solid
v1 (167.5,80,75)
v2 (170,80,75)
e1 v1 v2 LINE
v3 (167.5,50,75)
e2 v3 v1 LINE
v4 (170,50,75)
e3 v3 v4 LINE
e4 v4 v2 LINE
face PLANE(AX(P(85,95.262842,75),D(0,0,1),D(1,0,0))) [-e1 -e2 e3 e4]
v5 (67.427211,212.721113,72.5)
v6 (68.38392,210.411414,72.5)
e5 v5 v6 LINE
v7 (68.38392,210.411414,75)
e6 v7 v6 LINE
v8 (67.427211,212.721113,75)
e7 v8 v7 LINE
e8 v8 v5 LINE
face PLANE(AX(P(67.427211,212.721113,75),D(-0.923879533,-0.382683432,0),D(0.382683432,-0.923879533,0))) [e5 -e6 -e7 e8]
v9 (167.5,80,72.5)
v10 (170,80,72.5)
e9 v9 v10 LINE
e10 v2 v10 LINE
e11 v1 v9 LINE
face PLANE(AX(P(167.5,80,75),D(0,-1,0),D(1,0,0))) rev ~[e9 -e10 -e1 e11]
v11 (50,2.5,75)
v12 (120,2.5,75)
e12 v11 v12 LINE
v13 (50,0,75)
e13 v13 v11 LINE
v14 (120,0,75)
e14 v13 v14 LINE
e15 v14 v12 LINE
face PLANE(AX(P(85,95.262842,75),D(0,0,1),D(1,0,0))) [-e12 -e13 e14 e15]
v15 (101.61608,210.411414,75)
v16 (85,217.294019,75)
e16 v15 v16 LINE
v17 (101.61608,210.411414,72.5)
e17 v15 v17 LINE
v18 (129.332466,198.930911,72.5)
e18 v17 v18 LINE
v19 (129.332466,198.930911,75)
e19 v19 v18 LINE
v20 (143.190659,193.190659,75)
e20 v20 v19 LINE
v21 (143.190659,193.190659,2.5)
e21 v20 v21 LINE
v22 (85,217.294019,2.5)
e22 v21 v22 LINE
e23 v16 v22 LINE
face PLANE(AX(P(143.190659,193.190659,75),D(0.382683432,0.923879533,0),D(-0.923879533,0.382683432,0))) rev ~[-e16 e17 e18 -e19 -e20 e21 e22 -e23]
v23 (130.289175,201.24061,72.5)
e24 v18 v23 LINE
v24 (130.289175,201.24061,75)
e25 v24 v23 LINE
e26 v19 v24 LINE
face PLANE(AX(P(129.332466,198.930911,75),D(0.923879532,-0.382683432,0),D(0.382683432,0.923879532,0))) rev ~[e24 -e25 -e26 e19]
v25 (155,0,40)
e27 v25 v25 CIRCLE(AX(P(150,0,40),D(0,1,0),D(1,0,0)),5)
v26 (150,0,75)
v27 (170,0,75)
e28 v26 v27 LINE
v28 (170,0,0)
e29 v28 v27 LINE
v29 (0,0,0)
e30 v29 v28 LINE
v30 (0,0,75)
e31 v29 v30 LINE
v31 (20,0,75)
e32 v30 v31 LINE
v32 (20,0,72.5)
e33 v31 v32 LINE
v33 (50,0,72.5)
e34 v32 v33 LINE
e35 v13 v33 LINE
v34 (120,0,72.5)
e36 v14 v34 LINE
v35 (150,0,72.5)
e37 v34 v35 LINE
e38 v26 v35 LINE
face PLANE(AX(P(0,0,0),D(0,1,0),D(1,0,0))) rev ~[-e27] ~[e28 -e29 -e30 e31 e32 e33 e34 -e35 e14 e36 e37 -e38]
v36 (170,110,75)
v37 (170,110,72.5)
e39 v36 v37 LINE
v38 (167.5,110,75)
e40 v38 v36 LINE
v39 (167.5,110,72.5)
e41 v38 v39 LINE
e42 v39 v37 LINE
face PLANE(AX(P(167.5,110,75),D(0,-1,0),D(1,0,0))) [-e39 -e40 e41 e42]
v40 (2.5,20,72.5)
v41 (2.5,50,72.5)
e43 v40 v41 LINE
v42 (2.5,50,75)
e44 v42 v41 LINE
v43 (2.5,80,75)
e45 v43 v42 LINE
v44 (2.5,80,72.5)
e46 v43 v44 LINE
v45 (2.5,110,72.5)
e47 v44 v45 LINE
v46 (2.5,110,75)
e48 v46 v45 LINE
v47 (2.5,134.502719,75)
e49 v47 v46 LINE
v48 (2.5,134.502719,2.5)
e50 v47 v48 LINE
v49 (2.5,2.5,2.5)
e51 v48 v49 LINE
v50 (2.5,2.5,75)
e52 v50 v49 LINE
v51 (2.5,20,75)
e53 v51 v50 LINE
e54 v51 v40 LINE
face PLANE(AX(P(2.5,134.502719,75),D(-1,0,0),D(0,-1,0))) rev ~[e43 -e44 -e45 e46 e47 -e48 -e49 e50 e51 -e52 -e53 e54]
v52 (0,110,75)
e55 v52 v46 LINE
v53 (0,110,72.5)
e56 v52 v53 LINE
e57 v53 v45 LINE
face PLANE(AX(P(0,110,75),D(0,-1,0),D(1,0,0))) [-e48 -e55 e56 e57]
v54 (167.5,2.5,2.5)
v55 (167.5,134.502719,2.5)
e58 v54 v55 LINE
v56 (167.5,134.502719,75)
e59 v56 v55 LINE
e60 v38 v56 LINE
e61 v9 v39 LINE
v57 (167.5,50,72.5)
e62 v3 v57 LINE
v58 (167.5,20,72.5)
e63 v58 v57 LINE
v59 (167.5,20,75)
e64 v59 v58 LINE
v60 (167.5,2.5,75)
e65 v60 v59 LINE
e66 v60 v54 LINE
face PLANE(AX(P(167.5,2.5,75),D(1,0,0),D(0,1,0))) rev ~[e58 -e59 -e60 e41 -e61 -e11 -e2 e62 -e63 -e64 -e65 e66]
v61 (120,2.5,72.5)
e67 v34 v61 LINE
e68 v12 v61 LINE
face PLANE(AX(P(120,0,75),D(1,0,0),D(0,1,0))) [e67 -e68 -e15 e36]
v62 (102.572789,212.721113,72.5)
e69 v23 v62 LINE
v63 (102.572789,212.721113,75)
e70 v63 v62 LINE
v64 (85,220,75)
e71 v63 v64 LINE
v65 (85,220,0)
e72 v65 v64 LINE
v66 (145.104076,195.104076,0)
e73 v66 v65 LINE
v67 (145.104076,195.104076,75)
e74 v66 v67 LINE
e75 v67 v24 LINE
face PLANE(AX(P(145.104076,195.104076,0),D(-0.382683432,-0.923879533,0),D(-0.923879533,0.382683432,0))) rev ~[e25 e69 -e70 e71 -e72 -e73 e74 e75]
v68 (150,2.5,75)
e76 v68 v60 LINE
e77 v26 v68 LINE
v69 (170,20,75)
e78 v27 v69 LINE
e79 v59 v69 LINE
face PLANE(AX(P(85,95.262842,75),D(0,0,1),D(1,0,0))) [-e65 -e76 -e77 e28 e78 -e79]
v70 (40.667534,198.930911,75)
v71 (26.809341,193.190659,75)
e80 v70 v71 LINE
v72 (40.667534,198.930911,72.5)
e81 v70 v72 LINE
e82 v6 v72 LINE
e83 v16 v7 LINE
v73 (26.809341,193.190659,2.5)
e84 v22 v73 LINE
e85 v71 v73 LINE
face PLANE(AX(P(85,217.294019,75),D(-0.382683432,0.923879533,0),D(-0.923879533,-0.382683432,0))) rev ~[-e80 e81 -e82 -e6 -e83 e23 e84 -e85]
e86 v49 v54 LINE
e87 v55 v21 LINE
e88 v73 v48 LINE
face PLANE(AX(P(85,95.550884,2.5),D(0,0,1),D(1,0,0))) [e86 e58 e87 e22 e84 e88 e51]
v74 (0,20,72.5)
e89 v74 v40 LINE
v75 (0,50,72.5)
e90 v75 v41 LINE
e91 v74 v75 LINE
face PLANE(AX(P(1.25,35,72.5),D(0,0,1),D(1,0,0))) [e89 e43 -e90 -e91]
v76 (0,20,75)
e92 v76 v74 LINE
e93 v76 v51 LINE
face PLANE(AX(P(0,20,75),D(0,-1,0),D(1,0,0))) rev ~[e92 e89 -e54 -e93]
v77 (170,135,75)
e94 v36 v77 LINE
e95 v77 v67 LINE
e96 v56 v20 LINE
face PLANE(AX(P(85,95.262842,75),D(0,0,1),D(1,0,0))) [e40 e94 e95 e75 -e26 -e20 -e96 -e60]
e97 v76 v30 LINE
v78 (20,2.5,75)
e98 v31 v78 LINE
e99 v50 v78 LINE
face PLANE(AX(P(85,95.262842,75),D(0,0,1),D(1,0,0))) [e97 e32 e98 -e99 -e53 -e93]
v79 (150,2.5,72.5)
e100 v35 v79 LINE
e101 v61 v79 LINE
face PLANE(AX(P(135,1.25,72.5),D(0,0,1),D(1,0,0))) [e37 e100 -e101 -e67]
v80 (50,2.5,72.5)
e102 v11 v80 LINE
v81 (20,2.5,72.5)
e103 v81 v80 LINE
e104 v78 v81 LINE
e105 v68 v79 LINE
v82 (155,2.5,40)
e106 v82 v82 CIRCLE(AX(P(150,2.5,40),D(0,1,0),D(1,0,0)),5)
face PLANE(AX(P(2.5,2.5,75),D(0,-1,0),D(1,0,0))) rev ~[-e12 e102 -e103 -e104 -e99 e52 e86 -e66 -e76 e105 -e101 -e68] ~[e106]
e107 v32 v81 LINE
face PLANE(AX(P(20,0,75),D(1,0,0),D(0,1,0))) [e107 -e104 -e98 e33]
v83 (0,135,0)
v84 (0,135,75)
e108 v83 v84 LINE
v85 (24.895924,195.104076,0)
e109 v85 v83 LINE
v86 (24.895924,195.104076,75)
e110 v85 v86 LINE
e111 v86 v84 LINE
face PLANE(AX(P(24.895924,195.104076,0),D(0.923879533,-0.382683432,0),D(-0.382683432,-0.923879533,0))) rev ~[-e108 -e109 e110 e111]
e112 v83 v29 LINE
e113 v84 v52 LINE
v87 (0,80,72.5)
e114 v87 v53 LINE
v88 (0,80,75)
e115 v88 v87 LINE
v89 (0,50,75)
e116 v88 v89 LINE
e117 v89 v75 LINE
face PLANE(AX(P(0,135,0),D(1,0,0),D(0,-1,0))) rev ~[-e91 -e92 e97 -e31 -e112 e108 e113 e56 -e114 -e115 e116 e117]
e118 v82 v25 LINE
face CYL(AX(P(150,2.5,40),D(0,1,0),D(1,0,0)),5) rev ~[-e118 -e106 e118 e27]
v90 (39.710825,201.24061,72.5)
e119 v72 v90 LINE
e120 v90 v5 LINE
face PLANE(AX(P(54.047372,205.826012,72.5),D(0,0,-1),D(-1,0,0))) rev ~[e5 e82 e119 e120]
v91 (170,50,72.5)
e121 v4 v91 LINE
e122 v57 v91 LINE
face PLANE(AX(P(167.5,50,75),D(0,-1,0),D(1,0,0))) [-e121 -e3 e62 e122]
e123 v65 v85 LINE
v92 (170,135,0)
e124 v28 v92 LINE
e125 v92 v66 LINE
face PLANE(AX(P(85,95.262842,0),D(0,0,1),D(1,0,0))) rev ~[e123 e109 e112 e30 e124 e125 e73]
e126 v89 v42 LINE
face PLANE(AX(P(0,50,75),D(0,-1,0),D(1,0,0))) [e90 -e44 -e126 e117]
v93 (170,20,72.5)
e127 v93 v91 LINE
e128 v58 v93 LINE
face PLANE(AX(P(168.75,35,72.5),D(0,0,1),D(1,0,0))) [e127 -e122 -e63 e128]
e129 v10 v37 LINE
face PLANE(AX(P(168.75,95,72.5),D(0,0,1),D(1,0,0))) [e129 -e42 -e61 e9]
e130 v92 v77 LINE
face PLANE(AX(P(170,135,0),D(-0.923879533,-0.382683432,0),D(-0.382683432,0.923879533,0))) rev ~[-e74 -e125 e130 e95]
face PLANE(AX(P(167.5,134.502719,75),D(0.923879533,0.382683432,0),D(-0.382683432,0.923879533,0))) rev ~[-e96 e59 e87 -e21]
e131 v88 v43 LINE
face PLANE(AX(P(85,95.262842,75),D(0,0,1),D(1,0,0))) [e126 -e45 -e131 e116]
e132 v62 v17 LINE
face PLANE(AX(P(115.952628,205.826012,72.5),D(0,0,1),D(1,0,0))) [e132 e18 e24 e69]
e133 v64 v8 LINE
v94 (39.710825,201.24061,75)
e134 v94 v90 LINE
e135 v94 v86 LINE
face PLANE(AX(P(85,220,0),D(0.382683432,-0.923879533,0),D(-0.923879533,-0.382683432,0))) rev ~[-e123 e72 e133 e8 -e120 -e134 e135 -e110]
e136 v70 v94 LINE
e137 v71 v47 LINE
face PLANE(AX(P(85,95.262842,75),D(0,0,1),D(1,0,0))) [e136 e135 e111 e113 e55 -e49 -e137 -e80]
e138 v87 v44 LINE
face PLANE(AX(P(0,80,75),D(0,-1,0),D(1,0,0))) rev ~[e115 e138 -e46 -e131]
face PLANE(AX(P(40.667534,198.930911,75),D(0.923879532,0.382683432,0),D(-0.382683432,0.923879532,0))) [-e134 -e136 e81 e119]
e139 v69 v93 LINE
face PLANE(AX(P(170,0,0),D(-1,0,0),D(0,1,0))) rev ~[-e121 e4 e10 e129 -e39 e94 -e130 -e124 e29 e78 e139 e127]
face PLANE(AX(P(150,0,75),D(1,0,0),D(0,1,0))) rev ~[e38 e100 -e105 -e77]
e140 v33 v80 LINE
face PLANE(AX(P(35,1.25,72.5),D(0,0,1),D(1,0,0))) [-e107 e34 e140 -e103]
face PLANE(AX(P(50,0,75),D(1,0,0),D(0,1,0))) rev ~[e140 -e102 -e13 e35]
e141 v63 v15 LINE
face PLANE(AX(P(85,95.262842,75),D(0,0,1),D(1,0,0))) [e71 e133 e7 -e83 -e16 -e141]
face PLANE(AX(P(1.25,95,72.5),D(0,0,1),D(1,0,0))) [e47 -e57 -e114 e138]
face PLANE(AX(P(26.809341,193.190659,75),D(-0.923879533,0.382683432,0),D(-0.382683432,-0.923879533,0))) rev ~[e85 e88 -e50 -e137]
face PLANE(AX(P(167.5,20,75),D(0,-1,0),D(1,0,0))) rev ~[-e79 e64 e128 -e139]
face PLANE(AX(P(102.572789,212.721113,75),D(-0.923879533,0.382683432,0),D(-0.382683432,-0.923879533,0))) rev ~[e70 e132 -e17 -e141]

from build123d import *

# Parameters (mm, degrees)
BOSS_EXTRUDE1_DEPTH = 75
CUT_EXTRUDE1_DEPTH  = 72.5
SKETCH6_W           = 30
SKETCH6_H           = 2.5
SKETCH6_W_2         = 2.5
SKETCH6_H_2         = 30
CUT_EXTRUDE4_DEPTH  = 2.5
SKETCH8_R           = 5
CUT_EXTRUDE5_DEPTH  = 5


with BuildPart() as part:
    # Sketch1 → Boss-Extrude1 (new body)
    with BuildSketch(Plane.XY):
        Polygon((0, 0), (170, 0), (170, 135), (145.104076401, 195.104076401), (85, 220), (24.895923599, 195.104076401), (0, 135), align=None)
    extrude(amount=BOSS_EXTRUDE1_DEPTH)

    # Sketch2 → Cut-Extrude1 (cut)
    with BuildSketch(Plane.XY.offset(75)):
        Polygon((167.5, 134.502719082), (143.190659239, 193.190659239), (85, 217.294019499), (26.809340761, 193.190659239), (2.5, 134.502719082), (2.5, 2.5), (167.5, 2.5), align=None)
    extrude(amount=-CUT_EXTRUDE1_DEPTH, mode=Mode.SUBTRACT)

    # Sketch6 → Cut-Extrude4 (cut)
    with BuildSketch(Plane.XY.offset(75)):
        with Locations((135, 1.25)):
            Rectangle(SKETCH6_W, SKETCH6_H)
        with Locations((168.75, 35)):
            Rectangle(SKETCH6_W_2, SKETCH6_H_2)
        Polygon((101.616080276, 210.411413695), (129.332466251, 198.930910725), (130.289174832, 201.240609556), (102.572788857, 212.721112527), align=None)
        with Locations((168.75, 95)):
            Rectangle(SKETCH6_W_2, SKETCH6_H_2)
        Polygon((67.427211143, 212.721112527), (68.383919724, 210.411413695), (40.667533749, 198.930910725), (39.710825168, 201.240609556), align=None)
        with Locations((1.25, 95)):
            Rectangle(SKETCH6_W_2, SKETCH6_H_2)
        with Locations((1.25, 35)):
            Rectangle(SKETCH6_W_2, SKETCH6_H_2)
        with Locations((35, 1.25)):
            Rectangle(SKETCH6_W, SKETCH6_H)
    extrude(amount=-CUT_EXTRUDE4_DEPTH, mode=Mode.SUBTRACT)

    # Sketch8 → Cut-Extrude5 (cut)
    with BuildSketch(Plane(origin=(0, 2.5, 0), x_dir=(1, 0, 0), z_dir=(0, 1, 0))):
        with Locations((150, -40)):
            Circle(SKETCH8_R)
    extrude(amount=-CUT_EXTRUDE5_DEPTH, mode=Mode.SUBTRACT)


solid = part.part
